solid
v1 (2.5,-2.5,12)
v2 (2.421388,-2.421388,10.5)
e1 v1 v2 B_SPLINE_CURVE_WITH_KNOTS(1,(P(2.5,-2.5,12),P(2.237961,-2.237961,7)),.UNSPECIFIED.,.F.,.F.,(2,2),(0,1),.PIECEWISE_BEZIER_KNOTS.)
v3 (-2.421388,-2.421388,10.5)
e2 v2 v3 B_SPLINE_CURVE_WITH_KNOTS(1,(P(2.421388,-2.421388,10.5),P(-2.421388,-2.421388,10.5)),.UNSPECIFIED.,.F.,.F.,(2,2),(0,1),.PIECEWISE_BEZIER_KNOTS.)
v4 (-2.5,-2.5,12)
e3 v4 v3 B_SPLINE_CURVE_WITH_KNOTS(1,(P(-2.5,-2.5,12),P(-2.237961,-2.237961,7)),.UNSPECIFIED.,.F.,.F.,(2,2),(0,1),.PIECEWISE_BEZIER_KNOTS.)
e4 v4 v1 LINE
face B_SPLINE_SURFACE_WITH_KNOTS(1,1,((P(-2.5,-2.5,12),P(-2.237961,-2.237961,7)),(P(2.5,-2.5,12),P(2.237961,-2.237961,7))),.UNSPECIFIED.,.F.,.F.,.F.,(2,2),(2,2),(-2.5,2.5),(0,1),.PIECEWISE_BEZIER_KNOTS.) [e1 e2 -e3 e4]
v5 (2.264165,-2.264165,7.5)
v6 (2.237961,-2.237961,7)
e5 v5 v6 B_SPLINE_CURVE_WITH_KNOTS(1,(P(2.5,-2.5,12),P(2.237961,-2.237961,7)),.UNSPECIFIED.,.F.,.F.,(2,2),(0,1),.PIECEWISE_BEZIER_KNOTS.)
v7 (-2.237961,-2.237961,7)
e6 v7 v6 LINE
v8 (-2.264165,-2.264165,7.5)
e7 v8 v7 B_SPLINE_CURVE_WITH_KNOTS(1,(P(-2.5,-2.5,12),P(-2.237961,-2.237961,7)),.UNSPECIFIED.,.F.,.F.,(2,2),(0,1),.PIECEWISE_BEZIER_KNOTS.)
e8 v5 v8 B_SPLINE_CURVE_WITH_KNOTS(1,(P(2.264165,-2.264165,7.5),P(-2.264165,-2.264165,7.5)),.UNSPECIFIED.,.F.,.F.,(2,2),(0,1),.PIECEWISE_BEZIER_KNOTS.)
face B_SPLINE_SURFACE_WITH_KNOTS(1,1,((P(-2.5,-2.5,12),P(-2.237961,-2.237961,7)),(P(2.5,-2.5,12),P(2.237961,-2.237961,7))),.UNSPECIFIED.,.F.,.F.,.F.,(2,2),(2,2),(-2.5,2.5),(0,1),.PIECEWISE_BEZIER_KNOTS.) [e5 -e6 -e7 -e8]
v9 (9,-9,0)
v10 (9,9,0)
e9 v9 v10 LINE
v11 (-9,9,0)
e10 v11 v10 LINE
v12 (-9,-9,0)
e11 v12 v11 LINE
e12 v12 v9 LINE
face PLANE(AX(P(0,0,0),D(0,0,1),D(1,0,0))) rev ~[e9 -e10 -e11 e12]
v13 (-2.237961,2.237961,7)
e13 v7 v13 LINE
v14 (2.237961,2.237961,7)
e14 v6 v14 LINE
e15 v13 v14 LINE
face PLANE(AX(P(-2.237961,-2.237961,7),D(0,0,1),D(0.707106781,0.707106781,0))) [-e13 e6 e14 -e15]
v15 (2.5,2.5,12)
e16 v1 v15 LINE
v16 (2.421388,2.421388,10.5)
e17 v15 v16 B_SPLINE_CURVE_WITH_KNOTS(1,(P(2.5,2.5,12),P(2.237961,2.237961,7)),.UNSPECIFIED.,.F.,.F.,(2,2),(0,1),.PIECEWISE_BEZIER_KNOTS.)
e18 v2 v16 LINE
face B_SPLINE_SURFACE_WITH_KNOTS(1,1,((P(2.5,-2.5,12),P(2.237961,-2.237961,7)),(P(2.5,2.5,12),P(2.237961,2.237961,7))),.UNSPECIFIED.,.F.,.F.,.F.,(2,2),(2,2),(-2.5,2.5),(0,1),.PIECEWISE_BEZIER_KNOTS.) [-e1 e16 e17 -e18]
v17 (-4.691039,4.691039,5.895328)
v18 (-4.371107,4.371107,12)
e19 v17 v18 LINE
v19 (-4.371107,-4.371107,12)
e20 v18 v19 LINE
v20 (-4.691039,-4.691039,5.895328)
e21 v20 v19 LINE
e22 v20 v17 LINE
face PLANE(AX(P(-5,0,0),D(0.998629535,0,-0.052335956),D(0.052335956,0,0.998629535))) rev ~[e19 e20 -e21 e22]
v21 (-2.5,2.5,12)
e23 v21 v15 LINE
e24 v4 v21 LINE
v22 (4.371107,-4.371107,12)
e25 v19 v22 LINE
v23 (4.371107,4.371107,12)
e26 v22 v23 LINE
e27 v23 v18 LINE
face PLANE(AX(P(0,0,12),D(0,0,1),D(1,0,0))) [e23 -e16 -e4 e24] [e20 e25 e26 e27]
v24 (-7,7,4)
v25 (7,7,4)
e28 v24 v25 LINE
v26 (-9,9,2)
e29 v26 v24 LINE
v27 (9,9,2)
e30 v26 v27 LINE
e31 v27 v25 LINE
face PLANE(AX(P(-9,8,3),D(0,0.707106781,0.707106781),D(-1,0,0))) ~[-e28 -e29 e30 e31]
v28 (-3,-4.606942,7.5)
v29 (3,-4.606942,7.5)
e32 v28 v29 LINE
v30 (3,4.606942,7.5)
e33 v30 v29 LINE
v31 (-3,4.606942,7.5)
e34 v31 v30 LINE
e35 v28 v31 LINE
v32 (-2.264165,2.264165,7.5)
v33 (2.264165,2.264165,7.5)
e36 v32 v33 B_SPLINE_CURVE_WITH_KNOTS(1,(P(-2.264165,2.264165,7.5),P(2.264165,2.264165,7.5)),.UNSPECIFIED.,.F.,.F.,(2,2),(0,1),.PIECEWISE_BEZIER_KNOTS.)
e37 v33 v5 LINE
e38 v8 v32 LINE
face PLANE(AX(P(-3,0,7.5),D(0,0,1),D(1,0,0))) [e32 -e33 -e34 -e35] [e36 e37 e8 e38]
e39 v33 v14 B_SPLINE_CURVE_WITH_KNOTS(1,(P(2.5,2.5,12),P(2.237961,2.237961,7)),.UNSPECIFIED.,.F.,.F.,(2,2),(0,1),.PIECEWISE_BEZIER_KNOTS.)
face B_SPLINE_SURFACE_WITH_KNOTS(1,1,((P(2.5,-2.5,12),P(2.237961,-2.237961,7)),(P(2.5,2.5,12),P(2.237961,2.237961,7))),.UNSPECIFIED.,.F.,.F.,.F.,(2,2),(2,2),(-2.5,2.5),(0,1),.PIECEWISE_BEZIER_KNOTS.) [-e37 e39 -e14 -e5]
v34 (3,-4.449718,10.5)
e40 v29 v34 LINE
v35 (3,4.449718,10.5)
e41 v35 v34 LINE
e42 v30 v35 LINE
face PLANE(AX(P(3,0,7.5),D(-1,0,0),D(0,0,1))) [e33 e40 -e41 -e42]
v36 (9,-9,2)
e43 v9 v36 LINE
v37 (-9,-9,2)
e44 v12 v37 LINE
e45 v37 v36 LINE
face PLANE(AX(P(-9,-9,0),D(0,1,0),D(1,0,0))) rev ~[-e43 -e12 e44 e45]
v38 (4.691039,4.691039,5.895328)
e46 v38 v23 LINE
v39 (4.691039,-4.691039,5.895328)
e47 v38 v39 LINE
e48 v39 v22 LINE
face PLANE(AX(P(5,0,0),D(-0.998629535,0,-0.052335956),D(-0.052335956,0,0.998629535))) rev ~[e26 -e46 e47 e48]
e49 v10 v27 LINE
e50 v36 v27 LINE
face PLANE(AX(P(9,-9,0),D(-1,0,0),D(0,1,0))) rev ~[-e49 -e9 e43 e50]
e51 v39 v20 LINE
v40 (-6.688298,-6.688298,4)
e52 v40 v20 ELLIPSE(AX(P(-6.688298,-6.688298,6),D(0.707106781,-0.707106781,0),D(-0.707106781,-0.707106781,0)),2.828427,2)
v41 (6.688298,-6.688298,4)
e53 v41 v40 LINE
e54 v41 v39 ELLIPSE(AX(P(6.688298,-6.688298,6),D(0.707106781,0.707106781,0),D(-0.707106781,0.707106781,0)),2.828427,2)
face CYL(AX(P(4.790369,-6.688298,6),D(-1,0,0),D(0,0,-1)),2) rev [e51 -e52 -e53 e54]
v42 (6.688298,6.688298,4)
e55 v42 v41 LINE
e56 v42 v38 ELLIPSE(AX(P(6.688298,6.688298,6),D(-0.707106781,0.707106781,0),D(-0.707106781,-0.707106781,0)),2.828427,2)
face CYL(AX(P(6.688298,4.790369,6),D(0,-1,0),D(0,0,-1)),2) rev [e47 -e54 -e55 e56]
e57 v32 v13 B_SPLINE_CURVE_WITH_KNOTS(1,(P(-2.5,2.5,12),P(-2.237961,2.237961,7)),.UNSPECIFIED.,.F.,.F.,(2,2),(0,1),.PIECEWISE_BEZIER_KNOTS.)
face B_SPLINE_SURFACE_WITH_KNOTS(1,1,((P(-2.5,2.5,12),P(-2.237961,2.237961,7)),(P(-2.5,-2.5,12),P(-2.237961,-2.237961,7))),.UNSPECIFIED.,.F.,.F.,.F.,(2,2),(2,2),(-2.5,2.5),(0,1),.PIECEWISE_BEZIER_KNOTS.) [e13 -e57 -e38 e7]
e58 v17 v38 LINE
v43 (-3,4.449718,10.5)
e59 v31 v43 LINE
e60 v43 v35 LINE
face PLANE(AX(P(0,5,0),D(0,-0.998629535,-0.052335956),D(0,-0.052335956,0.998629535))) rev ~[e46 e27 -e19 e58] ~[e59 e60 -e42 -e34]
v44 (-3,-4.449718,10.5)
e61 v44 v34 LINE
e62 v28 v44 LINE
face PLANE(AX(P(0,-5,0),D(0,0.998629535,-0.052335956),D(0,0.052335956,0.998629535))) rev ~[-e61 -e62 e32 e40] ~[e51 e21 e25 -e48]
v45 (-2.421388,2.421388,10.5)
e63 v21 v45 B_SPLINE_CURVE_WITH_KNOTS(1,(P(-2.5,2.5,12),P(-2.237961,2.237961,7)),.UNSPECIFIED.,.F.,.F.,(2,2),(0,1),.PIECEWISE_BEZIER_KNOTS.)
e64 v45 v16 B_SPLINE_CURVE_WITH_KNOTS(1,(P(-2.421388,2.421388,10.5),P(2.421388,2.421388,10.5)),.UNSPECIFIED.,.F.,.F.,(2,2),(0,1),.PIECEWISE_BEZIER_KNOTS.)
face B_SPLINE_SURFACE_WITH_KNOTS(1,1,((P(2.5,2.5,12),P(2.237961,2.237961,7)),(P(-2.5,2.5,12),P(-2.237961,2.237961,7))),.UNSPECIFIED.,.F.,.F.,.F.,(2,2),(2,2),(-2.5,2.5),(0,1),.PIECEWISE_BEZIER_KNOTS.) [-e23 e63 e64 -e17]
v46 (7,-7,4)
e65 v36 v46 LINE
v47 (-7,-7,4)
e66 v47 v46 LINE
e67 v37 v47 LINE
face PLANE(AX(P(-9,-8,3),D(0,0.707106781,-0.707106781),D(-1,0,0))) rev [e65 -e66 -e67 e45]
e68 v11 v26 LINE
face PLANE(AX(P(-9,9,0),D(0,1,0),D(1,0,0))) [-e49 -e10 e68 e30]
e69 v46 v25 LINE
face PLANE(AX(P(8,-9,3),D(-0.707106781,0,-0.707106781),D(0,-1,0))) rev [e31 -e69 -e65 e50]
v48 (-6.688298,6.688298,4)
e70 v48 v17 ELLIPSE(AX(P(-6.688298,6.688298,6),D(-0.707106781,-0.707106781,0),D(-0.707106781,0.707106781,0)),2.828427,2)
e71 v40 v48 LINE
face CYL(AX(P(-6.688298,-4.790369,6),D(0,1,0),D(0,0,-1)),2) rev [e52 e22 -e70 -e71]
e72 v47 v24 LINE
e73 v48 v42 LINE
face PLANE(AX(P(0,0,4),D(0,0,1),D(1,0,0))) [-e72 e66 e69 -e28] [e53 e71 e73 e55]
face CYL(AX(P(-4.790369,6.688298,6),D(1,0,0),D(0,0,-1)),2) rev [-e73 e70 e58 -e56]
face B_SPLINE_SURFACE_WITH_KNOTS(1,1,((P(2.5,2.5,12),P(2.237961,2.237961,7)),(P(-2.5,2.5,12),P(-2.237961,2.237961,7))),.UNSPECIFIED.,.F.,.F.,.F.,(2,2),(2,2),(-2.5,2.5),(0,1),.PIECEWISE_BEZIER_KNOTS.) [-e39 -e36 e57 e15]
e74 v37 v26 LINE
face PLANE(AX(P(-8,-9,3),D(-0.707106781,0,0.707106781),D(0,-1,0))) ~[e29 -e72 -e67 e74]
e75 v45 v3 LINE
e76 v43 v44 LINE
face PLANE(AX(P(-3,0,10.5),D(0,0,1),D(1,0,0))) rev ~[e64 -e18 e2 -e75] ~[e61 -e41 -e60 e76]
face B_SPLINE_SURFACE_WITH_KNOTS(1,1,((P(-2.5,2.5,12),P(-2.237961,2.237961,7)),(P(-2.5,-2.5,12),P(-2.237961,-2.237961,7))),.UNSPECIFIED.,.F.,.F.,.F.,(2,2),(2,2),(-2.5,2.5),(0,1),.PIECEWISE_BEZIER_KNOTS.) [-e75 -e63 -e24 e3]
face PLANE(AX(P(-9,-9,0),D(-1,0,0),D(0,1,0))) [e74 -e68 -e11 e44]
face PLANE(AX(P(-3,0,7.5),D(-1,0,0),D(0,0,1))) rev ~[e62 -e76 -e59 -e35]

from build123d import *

# Parameters (mm, degrees)
F0_W          = 18
F0_H          = 18
F0_W_2        = 10
F0_H_2        = 10
F1_DEPTH      = 4
F2_DEPTH      = 12
F2_TAPER      = 3
F3_SIZE       = 2
F4_R          = 2
F5_W          = 5
F5_H          = 5
F6_DEPTH      = 5
F6_TAPER      = 3
F7_W          = 6
F7_H          = 3
F8_DEPTH      = 25
F8_DEPTH_BACK = 25


with BuildPart() as f1:
    # F0 (on Top) → F1 (new body)
    with BuildSketch(Plane.XY):
        Rectangle(F0_W, F0_H)
        Rectangle(F0_W_2, F0_H_2, mode=Mode.SUBTRACT)
        Rectangle(F0_W_2, F0_H_2)
    extrude(amount=F1_DEPTH)

    # F0 (on Top) → F2 (join)
    with BuildSketch(Plane.XY):
        Rectangle(F0_W_2, F0_H_2)
    extrude(amount=F2_DEPTH, taper=F2_TAPER)

    # F3
    f3_edges = [f1.edges().sort_by_distance(p)[0] for p in [
        (-9, 0, 4),
        (0, -9, 4),
        (9, 0, 4),
        (0, 9, 4),
    ]]
    chamfer(f3_edges, length=F3_SIZE)

    # F4
    f4_edges = [f1.edges().sort_by_distance(p)[0] for p in [
        (0, -4.790369, 4),
        (-4.790369, 0, 4),
        (4.790369, 0, 4),
        (0, 4.790369, 4),
    ]]
    fillet(f4_edges, radius=F4_R)

    # F5 (on face) → F6 (cut)
    with BuildSketch(Plane.XY.offset(12)):
        Rectangle(F5_W, F5_H)
    extrude(amount=-F6_DEPTH, taper=F6_TAPER, mode=Mode.SUBTRACT)

    # F7 (on Front) → F8 (cut, two sides)
    with BuildSketch(Plane.XZ) as f8_sk:
        with Locations((0, 9)):
            Rectangle(F7_W, F7_H)
    extrude(amount=F8_DEPTH, mode=Mode.SUBTRACT)
    extrude(f8_sk.sketch, amount=-F8_DEPTH_BACK, mode=Mode.SUBTRACT)


solid = f1.part
